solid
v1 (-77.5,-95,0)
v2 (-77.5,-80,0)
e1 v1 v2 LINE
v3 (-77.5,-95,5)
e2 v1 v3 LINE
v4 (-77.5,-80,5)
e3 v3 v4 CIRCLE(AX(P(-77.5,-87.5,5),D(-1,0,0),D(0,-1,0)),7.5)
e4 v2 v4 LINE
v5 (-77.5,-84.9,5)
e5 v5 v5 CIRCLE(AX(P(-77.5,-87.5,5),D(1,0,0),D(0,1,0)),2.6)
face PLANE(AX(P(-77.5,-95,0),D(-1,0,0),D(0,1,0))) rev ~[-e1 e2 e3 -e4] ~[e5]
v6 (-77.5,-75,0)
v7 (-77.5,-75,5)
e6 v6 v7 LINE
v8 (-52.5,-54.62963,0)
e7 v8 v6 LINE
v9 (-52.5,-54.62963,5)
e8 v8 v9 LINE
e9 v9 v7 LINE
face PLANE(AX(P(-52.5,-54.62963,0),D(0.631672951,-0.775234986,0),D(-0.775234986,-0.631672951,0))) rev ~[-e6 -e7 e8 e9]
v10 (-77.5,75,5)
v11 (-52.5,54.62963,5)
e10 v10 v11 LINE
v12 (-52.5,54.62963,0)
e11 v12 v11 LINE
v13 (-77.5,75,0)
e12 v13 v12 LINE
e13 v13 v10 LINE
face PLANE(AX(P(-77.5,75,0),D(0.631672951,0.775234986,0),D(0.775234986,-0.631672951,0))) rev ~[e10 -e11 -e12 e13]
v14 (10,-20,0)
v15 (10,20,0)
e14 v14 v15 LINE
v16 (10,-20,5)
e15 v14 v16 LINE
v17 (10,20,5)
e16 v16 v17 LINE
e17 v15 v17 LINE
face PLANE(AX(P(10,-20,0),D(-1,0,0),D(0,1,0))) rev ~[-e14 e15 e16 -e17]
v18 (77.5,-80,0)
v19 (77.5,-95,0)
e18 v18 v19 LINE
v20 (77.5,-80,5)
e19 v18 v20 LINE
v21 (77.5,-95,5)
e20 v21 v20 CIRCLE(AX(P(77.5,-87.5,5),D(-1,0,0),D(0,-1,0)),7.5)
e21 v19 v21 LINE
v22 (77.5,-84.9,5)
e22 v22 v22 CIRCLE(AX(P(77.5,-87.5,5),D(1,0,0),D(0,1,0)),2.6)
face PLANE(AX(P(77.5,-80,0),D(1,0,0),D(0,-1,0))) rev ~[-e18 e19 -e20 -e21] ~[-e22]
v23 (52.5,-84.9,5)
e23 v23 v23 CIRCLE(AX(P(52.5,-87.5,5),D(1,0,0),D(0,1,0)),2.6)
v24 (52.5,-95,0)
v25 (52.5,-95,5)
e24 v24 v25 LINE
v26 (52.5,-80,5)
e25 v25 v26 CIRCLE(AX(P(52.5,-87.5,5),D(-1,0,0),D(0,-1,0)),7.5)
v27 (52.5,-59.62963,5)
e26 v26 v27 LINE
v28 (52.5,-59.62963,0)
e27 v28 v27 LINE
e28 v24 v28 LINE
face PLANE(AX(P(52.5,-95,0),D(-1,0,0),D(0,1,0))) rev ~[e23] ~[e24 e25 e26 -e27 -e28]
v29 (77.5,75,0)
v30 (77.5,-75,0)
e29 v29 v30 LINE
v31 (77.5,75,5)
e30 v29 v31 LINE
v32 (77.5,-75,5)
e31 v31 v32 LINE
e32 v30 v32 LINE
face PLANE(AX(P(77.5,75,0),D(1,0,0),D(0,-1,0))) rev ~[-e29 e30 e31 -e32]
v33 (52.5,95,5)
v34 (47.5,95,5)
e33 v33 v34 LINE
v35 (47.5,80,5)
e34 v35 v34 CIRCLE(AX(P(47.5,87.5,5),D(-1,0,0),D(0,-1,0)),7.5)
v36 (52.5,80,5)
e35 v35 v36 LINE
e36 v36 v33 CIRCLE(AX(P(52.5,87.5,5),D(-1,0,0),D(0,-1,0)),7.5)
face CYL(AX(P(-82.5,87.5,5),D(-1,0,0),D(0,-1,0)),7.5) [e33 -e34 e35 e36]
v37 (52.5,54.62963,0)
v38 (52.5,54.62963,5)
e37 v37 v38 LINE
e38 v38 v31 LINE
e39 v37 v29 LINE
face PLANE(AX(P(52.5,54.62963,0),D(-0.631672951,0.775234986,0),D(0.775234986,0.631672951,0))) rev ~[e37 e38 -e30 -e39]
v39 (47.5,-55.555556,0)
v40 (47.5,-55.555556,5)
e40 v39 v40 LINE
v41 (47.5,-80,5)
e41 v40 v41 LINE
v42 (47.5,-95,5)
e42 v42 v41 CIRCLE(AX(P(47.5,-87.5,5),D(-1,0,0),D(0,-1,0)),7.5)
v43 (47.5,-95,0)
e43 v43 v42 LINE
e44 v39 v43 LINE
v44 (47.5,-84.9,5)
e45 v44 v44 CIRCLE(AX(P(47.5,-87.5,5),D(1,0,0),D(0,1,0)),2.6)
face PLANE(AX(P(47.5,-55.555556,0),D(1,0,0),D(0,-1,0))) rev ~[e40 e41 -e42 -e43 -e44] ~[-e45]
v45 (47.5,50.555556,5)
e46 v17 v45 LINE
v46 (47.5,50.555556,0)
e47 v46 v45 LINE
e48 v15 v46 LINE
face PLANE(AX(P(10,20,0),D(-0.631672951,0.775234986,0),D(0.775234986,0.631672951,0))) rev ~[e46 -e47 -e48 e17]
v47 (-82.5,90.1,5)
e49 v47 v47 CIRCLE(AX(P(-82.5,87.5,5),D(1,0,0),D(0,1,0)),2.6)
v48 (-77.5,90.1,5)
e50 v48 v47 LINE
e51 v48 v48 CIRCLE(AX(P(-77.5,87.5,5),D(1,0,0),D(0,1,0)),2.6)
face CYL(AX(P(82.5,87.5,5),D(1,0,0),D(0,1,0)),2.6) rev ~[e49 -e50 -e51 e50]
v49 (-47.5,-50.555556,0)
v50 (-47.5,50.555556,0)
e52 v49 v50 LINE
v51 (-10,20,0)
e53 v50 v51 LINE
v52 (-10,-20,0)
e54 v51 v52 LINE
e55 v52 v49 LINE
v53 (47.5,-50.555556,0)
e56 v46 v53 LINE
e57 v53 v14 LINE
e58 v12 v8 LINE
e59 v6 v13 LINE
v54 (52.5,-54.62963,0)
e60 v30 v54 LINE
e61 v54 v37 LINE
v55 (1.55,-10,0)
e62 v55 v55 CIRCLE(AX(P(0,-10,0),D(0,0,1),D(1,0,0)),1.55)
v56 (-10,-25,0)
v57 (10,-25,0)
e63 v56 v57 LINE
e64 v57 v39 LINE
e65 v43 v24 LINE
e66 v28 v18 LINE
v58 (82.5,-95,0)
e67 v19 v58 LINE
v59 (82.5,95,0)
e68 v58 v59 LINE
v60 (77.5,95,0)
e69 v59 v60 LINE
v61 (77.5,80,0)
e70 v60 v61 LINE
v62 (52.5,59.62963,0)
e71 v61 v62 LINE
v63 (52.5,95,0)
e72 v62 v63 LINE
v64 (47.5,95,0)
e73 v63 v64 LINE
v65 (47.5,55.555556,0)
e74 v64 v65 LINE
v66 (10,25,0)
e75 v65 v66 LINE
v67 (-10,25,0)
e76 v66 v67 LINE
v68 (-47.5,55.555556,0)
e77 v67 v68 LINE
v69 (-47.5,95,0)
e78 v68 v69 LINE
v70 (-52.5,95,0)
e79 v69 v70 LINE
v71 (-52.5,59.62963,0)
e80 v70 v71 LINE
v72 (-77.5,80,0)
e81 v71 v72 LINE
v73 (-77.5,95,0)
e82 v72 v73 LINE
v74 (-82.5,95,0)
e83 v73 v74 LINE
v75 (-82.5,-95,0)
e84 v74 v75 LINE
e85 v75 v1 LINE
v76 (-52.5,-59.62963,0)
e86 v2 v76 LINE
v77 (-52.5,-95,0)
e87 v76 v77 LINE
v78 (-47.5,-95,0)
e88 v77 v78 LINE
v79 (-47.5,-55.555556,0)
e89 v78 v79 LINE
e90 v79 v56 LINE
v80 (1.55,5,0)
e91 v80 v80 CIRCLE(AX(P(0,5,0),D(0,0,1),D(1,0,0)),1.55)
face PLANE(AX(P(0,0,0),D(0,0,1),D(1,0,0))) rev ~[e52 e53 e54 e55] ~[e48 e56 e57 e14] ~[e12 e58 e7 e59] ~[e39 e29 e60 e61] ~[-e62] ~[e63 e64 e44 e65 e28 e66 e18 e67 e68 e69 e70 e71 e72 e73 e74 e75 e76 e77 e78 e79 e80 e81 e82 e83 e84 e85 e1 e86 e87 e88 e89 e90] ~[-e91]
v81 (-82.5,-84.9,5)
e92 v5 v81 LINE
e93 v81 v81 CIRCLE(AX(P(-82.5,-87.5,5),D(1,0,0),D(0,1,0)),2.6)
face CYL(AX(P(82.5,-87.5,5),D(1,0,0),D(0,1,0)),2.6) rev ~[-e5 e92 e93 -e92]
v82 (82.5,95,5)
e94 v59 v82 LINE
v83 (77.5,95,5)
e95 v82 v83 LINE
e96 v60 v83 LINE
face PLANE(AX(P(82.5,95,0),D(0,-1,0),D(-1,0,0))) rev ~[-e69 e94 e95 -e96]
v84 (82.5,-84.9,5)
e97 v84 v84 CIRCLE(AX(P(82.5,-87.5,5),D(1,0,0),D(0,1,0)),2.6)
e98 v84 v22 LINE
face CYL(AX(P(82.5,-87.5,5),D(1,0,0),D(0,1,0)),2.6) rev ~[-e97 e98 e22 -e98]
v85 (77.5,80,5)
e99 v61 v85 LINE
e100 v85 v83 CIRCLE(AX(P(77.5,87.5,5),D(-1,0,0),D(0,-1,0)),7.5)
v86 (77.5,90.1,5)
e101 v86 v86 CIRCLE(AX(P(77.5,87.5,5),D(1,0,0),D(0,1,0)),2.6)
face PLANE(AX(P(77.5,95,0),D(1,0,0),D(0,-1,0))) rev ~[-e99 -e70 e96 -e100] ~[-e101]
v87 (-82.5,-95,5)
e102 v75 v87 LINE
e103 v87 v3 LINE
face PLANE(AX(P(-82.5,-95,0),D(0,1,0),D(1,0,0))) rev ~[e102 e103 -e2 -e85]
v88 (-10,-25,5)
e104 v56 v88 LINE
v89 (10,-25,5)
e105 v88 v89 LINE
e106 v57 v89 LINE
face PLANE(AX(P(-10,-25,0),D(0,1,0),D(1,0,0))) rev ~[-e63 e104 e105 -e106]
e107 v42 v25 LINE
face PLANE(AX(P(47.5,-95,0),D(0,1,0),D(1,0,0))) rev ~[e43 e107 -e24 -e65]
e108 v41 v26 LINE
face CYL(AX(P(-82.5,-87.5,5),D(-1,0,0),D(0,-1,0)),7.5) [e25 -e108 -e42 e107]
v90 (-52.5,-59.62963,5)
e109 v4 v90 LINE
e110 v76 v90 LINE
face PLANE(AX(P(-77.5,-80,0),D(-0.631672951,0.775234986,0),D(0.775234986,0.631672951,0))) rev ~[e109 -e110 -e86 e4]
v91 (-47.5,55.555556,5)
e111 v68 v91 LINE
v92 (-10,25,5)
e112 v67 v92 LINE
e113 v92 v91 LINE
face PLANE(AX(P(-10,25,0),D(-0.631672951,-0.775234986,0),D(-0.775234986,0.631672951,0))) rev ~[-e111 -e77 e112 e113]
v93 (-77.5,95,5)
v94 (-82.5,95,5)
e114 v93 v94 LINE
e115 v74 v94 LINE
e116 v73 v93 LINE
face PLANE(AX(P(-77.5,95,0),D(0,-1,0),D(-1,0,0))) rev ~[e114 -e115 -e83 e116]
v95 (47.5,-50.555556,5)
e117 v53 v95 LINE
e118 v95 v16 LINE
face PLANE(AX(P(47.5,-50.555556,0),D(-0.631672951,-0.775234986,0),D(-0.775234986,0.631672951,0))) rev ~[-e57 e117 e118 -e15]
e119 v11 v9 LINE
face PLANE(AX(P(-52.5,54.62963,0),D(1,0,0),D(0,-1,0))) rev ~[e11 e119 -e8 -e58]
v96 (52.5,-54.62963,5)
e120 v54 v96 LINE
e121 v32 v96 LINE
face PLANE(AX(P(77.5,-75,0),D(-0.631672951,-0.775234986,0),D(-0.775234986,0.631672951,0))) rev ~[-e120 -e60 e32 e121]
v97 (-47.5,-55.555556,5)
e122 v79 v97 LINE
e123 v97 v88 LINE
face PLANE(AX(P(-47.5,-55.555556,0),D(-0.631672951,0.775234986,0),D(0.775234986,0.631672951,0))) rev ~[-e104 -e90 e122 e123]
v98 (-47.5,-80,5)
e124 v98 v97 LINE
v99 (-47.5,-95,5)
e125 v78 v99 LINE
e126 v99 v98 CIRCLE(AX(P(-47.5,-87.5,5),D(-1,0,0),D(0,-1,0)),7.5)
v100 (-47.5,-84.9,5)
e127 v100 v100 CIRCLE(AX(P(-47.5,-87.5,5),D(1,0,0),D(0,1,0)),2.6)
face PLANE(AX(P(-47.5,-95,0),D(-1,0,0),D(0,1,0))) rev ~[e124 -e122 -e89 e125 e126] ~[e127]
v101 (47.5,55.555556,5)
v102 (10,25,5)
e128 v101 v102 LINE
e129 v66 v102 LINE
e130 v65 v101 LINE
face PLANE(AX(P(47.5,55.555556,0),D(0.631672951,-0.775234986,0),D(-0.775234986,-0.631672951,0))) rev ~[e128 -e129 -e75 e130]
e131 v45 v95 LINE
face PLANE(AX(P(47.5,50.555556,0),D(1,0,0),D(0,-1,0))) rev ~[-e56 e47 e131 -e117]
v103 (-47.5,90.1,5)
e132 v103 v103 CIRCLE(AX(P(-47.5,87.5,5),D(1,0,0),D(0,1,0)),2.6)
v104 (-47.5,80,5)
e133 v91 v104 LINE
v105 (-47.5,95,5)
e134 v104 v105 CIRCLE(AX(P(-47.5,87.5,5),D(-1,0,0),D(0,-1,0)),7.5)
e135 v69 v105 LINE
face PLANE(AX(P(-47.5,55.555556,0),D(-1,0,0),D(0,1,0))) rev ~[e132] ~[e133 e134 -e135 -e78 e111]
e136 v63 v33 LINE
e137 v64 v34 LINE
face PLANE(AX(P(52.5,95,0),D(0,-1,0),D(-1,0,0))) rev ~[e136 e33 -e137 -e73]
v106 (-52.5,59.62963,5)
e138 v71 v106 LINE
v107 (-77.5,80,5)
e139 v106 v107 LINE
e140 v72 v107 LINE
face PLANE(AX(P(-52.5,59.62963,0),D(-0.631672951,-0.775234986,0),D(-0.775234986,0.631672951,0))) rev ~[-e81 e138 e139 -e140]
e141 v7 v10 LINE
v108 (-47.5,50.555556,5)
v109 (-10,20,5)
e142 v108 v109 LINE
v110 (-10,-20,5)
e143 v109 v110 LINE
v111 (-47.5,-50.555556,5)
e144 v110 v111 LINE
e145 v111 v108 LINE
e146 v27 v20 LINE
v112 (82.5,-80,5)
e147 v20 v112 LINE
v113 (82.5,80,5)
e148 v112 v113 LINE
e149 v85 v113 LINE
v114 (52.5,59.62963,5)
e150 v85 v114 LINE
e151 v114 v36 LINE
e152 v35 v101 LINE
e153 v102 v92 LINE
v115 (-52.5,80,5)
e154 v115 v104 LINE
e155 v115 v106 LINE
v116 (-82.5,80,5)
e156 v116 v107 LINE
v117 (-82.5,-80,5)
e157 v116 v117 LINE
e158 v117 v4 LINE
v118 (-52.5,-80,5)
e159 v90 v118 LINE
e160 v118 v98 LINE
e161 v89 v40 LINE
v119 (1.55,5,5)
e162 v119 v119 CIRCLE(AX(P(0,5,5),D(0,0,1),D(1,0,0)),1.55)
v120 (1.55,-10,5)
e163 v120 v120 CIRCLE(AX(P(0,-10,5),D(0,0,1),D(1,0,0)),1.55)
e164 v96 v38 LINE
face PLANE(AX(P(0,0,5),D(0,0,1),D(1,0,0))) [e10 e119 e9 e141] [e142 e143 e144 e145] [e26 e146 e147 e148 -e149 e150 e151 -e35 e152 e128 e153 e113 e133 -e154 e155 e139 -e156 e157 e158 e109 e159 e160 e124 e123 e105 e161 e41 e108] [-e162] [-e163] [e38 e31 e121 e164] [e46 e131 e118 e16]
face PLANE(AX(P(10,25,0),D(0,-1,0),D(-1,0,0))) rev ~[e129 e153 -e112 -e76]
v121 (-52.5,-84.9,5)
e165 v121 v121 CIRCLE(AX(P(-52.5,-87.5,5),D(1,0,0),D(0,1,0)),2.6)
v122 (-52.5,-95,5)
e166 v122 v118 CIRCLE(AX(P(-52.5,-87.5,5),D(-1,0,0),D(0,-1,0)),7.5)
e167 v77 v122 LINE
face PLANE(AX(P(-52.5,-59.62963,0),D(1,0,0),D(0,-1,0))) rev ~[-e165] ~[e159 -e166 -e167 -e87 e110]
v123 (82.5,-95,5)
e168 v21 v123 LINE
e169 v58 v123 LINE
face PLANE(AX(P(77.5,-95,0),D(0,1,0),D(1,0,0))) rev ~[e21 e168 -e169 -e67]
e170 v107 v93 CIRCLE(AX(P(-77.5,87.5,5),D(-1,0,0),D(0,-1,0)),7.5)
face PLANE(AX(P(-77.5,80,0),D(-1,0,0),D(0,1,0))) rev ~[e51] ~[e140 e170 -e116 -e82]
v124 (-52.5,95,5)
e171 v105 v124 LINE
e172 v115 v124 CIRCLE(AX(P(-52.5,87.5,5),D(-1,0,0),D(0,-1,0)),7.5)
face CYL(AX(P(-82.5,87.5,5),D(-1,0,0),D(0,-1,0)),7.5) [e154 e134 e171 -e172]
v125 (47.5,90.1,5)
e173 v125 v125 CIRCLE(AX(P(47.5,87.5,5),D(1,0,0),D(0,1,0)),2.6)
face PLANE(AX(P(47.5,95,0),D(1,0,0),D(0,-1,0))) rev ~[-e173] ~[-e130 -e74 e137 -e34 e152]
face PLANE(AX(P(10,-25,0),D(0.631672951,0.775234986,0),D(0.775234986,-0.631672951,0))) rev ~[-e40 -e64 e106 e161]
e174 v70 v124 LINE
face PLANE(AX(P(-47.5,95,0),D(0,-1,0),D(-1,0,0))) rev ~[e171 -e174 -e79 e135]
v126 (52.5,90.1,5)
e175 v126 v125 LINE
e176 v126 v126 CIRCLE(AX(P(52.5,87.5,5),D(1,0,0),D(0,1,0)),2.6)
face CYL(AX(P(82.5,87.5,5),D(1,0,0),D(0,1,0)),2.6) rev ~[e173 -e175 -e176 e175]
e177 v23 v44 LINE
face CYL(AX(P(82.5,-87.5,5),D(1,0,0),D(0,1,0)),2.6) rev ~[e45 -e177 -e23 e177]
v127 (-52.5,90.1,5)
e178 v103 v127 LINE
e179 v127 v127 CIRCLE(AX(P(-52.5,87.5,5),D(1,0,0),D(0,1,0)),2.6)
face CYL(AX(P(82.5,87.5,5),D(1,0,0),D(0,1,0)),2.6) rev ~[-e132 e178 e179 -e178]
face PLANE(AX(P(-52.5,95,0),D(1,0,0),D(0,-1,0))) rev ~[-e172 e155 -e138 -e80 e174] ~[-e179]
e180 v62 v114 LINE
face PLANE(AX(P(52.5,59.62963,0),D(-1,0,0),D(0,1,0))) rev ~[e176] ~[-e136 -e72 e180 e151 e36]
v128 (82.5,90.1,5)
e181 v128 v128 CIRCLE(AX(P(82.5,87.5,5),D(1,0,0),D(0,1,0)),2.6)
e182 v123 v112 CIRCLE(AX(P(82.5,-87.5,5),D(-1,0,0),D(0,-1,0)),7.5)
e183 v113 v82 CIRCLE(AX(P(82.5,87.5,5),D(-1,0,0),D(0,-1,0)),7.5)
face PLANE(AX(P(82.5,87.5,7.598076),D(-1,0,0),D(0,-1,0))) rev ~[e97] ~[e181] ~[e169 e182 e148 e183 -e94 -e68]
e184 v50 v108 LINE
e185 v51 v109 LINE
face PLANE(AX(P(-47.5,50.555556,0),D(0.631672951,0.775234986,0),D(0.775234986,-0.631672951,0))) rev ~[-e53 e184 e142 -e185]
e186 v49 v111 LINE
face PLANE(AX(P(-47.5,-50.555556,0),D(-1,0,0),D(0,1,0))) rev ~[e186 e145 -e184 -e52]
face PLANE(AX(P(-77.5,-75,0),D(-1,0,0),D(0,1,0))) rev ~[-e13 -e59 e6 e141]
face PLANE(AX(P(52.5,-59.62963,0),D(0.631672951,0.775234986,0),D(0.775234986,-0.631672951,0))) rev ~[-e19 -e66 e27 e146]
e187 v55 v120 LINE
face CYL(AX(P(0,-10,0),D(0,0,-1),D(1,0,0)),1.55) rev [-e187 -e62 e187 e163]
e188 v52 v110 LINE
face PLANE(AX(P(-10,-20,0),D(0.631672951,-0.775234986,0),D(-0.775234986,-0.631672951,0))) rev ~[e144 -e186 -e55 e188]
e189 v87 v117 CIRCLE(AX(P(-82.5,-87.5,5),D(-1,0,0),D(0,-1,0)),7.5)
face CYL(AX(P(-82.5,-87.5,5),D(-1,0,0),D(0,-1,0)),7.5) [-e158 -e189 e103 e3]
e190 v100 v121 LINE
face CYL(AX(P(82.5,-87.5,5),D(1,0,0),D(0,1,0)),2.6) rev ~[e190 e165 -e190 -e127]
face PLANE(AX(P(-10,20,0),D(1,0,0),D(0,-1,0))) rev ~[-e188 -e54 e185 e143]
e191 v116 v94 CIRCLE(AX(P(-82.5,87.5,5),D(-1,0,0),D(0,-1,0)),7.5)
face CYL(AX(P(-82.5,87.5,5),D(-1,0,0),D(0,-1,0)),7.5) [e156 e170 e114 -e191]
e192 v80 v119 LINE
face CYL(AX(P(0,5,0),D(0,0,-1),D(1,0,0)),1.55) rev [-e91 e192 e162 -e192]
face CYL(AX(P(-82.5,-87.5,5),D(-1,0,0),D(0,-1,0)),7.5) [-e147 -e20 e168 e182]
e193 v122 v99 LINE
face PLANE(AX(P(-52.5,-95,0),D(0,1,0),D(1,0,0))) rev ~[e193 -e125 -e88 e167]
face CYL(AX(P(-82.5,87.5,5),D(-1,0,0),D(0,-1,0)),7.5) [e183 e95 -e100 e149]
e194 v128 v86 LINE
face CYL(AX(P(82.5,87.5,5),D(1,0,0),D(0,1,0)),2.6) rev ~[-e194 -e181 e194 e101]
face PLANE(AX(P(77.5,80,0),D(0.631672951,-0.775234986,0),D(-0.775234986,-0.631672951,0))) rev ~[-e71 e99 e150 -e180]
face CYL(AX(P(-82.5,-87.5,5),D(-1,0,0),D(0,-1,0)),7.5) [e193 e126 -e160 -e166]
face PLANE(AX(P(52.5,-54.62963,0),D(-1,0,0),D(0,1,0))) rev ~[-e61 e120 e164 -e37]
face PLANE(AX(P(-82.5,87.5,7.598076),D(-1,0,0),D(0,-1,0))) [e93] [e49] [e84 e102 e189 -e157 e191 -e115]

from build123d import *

# Parameters (mm, degrees)
F0_R     = 1.55
F1_DEPTH = 5
F3_DEPTH = 165
F4_DEPTH = 25
F5_R     = 2.6
F6_DEPTH = 165.001


with BuildPart() as f1:
    # F0 (on Top) → F1 (new body)
    with BuildSketch(Plane.XY):
        Polygon((-10, -25), (10, -25), (10, -20), (10, 20), (10, 25), (-10, 25), (-10, 20), (-10, -20), align=None)
        with Locations((0, -10)):
            Circle(F0_R, mode=Mode.SUBTRACT)
        with Locations((0, 5)):
            Circle(F0_R, mode=Mode.SUBTRACT)
        Polygon((10, -20), (10, -25), (47.5, -55.5555555556), (47.5, -50.5555555556), align=None)
        Polygon((-47.5, -55.5555555556), (-10, -25), (-10, -20), (-47.5, -50.5555555556), align=None)
        Polygon((52.5, -59.6296296296), (47.5, -55.5555555556), (47.5, -95), (52.5, -95), align=None)
        Polygon((47.5, -50.5555555556), (47.5, -55.5555555556), (52.5, -59.6296296296), (52.5, -54.6296296296), align=None)
        Polygon((-52.5, -59.6296296296), (-47.5, -55.5555555556), (-47.5, -50.5555555556), (-52.5, -54.6296296296), align=None)
        Polygon((-47.5, -95), (-47.5, -55.5555555556), (-52.5, -59.6296296296), (-52.5, -95), align=None)
        Polygon((10, 25), (10, 20), (47.5, 50.5555555556), (47.5, 55.5555555556), align=None)
        Polygon((52.5, -54.6296296296), (52.5, -59.6296296296), (77.5, -80), (77.5, -75), align=None)
        Polygon((-47.5, 50.5555555556), (-10, 20), (-10, 25), (-47.5, 55.5555555556), align=None)
        Polygon((-77.5, -80), (-52.5, -59.6296296296), (-52.5, -54.6296296296), (-77.5, -75), align=None)
        Polygon((47.5, 55.5555555556), (47.5, 50.5555555556), (52.5, 54.6296296296), (52.5, 59.6296296296), align=None)
        Polygon((77.5, -75), (77.5, -80), (77.5, -95), (82.5, -95), (82.5, 95), (77.5, 95), (77.5, 80), (77.5, 75), align=None)
        Polygon((-52.5, 54.6296296296), (-47.5, 50.5555555556), (-47.5, 55.5555555556), (-52.5, 59.6296296296), align=None)
        Polygon((-77.5, -95), (-77.5, -80), (-77.5, -75), (-77.5, 75), (-77.5, 80), (-77.5, 95), (-82.5, 95), (-82.5, -95), align=None)
        Polygon((47.5, 95), (47.5, 55.5555555556), (52.5, 59.6296296296), (52.5, 95), align=None)
        Polygon((52.5, 59.6296296296), (52.5, 54.6296296296), (77.5, 75), (77.5, 80), align=None)
        Polygon((-52.5, 59.6296296296), (-47.5, 55.5555555556), (-47.5, 95), (-52.5, 95), align=None)
        Polygon((-77.5, 75), (-52.5, 54.6296296296), (-52.5, 59.6296296296), (-77.5, 80), align=None)
        Polygon((-52.5, -54.6296296296), (-47.5, -50.5555555556), (-47.5, 50.5555555556), (-52.5, 54.6296296296), align=None)
        Polygon((47.5, 50.5555555556), (47.5, -50.5555555556), (52.5, -54.6296296296), (52.5, 54.6296296296), align=None)
    extrude(amount=F1_DEPTH)

    # F2 (on face) → F3 (join, through all)
    with BuildSketch(Plane(origin=(-82.5, 0, 0), x_dir=(0, -1, 0), z_dir=(-1, 0, 0))):
        with BuildLine():
            Line((-95, 5), (-80, 5))
            ThreePointArc((-80, 5), (-87.5, 12.5), (-95, 5))
        make_face()
        with BuildLine():
            Line((80, 5), (95, 5))
            ThreePointArc((95, 5), (87.5, 12.5), (80, 5))
        make_face()
    extrude(amount=-F3_DEPTH)

    # F4 (cut): faces of the model
    f4_faces = [f1.faces().sort_by_distance(p)[0] for p in [
        (65, 87.5, 5),
        (0, 87.5, 5),
        (-65, 87.5, 5),
        (-65, -87.5, 5),
        (0, -87.5, 5),
        (65, -87.5, 5),
    ]]
    extrude(f4_faces, amount=-F4_DEPTH, mode=Mode.SUBTRACT)

    # F5 (on face) → F6 (cut, through all)
    with BuildSketch(Plane.YZ.offset(82.5)):
        with Locations((-87.5, 5)):
            Circle(F5_R)
        with Locations((87.5, 5)):
            Circle(F5_R)
    extrude(amount=-F6_DEPTH, mode=Mode.SUBTRACT)


solid = f1.part
